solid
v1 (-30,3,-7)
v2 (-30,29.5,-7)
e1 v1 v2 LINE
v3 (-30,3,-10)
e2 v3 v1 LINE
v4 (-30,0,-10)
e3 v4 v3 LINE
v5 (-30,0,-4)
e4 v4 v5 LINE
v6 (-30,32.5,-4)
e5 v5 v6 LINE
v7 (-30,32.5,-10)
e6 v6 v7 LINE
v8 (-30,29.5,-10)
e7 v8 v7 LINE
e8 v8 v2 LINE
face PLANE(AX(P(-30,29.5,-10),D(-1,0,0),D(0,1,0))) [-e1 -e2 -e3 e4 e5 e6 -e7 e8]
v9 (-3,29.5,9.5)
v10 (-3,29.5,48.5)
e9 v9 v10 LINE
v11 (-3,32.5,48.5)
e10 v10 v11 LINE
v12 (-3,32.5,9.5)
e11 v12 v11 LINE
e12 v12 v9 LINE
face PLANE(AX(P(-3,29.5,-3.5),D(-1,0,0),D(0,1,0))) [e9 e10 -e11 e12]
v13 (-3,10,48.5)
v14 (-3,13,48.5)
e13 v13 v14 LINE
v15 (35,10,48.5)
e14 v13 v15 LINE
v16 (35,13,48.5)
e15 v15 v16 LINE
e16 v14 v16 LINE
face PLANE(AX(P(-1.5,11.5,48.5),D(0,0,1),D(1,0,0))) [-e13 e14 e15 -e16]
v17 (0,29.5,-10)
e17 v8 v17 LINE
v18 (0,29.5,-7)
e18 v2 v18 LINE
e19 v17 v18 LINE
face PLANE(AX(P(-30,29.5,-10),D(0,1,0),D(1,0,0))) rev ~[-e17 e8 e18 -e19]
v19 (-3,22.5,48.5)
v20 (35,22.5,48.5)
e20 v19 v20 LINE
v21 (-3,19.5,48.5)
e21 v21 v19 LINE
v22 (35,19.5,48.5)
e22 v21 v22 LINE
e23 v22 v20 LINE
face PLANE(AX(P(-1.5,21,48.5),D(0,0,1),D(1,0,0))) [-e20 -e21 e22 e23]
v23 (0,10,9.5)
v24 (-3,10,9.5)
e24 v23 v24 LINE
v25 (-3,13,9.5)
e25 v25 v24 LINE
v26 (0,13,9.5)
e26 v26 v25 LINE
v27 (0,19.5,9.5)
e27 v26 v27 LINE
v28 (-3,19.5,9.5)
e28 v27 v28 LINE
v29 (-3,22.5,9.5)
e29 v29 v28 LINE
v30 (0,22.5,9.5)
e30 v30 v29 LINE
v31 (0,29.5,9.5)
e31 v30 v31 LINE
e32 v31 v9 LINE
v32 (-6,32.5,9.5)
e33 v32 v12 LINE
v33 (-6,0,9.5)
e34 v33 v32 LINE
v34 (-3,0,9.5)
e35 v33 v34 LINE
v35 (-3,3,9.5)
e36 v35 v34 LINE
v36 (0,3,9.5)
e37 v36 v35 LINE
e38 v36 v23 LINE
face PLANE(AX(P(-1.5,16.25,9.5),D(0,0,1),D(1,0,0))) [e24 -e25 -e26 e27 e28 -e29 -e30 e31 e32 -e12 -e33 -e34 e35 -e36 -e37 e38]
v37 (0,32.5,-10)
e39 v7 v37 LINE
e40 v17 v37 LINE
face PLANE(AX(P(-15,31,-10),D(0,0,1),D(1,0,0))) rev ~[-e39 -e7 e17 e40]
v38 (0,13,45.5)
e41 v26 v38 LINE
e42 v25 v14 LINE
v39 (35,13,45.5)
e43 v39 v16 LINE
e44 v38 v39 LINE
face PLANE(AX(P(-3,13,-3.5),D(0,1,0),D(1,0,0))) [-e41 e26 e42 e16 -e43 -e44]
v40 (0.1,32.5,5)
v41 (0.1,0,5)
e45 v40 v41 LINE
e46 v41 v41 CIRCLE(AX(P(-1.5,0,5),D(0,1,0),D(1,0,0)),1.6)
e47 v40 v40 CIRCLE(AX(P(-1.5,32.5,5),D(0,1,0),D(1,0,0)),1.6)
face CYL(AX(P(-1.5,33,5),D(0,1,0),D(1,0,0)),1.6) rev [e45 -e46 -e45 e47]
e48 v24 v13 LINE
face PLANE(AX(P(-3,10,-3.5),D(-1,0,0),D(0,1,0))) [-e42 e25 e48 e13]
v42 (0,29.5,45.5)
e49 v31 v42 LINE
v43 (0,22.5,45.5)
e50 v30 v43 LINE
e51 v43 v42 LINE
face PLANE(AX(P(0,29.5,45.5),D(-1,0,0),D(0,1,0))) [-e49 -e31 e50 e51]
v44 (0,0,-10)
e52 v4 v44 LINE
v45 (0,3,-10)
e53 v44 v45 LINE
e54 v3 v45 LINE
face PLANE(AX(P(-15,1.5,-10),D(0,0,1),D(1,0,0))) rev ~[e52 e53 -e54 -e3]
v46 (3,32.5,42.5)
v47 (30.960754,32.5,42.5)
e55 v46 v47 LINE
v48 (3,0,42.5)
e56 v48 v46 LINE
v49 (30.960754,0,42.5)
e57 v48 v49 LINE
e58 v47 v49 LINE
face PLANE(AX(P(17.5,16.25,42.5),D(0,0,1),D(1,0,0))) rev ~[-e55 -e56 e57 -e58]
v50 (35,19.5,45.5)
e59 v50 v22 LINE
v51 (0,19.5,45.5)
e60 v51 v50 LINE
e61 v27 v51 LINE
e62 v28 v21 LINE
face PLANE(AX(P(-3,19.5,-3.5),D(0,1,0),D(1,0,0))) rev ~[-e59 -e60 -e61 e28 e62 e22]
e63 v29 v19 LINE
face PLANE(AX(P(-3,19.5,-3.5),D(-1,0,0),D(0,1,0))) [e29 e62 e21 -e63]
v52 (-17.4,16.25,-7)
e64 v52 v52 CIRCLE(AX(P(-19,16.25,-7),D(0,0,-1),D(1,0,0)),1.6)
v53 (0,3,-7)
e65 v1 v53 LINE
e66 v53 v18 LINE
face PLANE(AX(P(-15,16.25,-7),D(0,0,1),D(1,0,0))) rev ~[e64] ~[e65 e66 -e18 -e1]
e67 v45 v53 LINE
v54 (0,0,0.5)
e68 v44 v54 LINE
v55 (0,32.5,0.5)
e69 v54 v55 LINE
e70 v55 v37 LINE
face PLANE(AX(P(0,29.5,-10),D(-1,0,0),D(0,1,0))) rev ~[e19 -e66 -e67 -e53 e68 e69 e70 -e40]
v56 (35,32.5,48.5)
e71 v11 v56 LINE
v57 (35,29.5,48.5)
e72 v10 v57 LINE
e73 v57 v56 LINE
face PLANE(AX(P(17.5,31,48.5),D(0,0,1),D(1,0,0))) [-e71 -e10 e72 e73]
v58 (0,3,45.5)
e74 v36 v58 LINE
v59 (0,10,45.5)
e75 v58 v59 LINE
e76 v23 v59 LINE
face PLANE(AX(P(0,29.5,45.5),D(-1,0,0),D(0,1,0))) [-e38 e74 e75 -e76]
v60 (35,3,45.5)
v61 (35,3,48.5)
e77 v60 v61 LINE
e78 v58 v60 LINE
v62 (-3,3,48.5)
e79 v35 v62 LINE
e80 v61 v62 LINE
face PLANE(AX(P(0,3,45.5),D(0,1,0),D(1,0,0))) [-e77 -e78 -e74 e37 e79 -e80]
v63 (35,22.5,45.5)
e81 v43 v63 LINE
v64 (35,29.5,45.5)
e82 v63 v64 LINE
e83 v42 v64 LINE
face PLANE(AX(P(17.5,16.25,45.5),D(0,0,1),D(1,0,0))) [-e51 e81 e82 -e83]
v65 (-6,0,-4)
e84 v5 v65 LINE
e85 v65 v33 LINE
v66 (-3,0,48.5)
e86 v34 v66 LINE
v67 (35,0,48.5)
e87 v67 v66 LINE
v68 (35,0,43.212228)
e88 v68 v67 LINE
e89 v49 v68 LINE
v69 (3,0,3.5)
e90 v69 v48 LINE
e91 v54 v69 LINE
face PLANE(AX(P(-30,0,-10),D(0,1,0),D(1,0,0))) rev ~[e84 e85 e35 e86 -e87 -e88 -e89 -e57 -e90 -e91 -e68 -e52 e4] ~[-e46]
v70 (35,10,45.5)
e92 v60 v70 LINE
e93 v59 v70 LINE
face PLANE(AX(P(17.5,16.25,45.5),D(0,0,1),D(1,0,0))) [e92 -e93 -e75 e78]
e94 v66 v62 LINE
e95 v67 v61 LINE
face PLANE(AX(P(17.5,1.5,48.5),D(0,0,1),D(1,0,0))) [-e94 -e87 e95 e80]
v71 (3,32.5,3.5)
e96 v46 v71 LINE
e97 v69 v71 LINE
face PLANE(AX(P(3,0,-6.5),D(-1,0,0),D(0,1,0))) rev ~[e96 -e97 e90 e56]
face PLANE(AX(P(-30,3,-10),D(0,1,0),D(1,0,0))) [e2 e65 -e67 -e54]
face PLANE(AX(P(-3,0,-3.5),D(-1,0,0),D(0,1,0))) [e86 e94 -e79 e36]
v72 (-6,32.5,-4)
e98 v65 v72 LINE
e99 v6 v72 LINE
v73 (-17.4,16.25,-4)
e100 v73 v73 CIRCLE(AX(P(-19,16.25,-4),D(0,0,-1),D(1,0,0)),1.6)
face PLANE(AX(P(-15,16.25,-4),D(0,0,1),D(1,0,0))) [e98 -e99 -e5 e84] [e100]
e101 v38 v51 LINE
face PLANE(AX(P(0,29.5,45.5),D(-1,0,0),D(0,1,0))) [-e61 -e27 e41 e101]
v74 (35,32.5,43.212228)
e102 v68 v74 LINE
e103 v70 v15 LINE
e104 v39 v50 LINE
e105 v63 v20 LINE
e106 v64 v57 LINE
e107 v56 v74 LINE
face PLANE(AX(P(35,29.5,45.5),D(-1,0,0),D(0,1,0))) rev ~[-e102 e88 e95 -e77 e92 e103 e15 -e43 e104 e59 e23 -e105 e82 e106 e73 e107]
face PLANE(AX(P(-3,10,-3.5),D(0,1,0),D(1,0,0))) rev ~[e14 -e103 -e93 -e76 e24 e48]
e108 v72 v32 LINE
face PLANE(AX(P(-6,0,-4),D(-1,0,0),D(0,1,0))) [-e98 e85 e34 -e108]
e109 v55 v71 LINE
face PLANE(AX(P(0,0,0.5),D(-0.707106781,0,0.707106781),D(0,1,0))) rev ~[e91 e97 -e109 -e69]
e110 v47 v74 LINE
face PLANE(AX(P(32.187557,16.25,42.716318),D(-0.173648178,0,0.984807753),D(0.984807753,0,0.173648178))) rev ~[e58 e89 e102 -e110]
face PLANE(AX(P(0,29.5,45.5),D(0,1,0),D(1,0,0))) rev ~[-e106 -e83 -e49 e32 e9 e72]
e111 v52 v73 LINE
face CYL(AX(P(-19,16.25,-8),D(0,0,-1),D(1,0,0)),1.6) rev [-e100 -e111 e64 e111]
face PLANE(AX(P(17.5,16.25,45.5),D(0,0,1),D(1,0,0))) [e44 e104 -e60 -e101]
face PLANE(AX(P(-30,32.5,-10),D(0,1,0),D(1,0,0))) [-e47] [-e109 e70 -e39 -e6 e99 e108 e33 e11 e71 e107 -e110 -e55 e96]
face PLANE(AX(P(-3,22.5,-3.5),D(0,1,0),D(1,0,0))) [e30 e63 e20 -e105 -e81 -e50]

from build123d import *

# Parameters (mm, degrees)
BOX017_W               = 5
BOX017_H               = 32.5
BOX017_DEPTH           = 5
BOX017_PITCH_ANGLE     = 45
BOX016_W               = 3
BOX016_H               = 32.5
BOX016_DEPTH           = 15
CYLINDER001_R          = 1.6
CYLINDER001_DEPTH      = 35
CYLINDER001_ROLL_ANGLE = 90
CYLINDER_R             = 1.6
CYLINDER_DEPTH         = 10
BOX006_W               = 10
BOX006_H               = 32.5
BOX006_DEPTH           = 10
BOX006_PITCH_ANGLE     = -10
BOX001_W               = 35
BOX001_H               = 32.5
BOX001_DEPTH           = 3
BOX002_W               = 35
BOX002_H               = 3
BOX002_DEPTH           = 3
BOX003_W               = 35
BOX003_H               = 3
BOX003_DEPTH           = 3
BOX004_W               = 35
BOX004_H               = 3
BOX004_DEPTH           = 3
BOX005_W               = 35
BOX005_H               = 3
BOX005_DEPTH           = 3
BOX007_W               = 9
BOX007_H               = 32.5
BOX007_DEPTH           = 13.5
BOX008_W               = 3
BOX008_H               = 3
BOX008_DEPTH           = 52
BOX009_W               = 3
BOX009_H               = 3
BOX009_DEPTH           = 52
BOX010_W               = 3
BOX010_H               = 3
BOX010_DEPTH           = 52
BOX011_W               = 3
BOX011_H               = 3
BOX011_DEPTH           = 52
BOX012_W               = 3
BOX012_H               = 32.5
BOX012_DEPTH           = 6.5
BOX013_W               = 30
BOX013_H               = 32.5
BOX013_DEPTH           = 3
BOX014_W               = 30
BOX014_H               = 3
BOX014_DEPTH           = 3
BOX015_W               = 30
BOX015_H               = 3
BOX015_DEPTH           = 3
BOX_W                  = 3
BOX_H                  = 32.5
BOX_DEPTH              = 42.5


with BuildPart() as cube017:
    # Box017 → Box017 (new body)
    with BuildSketch(Plane.XY):
        with Locations((2.5, 16.25)):
            Rectangle(BOX017_W, BOX017_H)
    extrude(amount=BOX017_DEPTH)


with BuildPart() as cube017_1:
    # Box017 pitch: moved
    add(cube017.part.rotate(Axis((0, 0, 0), (0, 1, 0)), BOX017_PITCH_ANGLE))


with BuildPart() as cube017_2:
    # Box017 placement: moved
    add(cube017_1.part.moved(Location((0, 0, 0.5))))


with BuildPart() as cube016:
    # Box016 → Box016 (new body)
    with BuildSketch(Plane.XY.offset(-14.5)):
        with Locations((1.5, 16.25)):
            Rectangle(BOX016_W, BOX016_H)
    extrude(amount=BOX016_DEPTH)


with BuildPart() as cylinder001:
    # Cylinder001 → Cylinder001 (new body)
    with BuildSketch(Plane.XY):
        Circle(CYLINDER001_R)
    extrude(amount=CYLINDER001_DEPTH)


with BuildPart() as cylinder001_1:
    # Cylinder001 roll: moved
    add(cylinder001.part.rotate(Axis((0, 0, 0), (1, 0, 0)), CYLINDER001_ROLL_ANGLE))


with BuildPart() as cylinder001_2:
    # Cylinder001 placement: moved
    add(cylinder001_1.part.moved(Location((-1.5, 33, 5))))


with BuildPart() as cylinder:
    # Cylinder → Cylinder (new body)
    with BuildSketch(Plane(origin=(-19, 16.25, -8), x_dir=(1, 0, 0), z_dir=(0, 0, 1))):
        Circle(CYLINDER_R)
    extrude(amount=CYLINDER_DEPTH)


with BuildPart() as cube006:
    # Box006 → Box006 (new body)
    with BuildSketch(Plane.XY):
        with Locations((5, 16.25)):
            Rectangle(BOX006_W, BOX006_H)
    extrude(amount=BOX006_DEPTH)


with BuildPart() as cube006_1:
    # Box006 pitch: moved
    add(cube006.part.rotate(Axis((0, 0, 0), (0, 1, 0)), BOX006_PITCH_ANGLE))


with BuildPart() as cube006_2:
    # Box006 placement: moved
    add(cube006_1.part.moved(Location((29, 0, 32))))


with BuildPart() as cube001:
    # Box001 → Box001 (new body)
    with BuildSketch(Plane.XY.offset(42.5)):
        with Locations((17.5, 16.25)):
            Rectangle(BOX001_W, BOX001_H)
    extrude(amount=BOX001_DEPTH)


with BuildPart() as cube002:
    # Box002 → Box002 (new body)
    with BuildSketch(Plane.XY.offset(45.5)):
        with Locations((17.5, 1.5)):
            Rectangle(BOX002_W, BOX002_H)
    extrude(amount=BOX002_DEPTH)


with BuildPart() as cube003:
    # Box003 → Box003 (new body)
    with BuildSketch(Plane(origin=(0, 29.5, 45.5), x_dir=(1, 0, 0), z_dir=(0, 0, 1))):
        with Locations((17.5, 1.5)):
            Rectangle(BOX003_W, BOX003_H)
    extrude(amount=BOX003_DEPTH)


with BuildPart() as cube004:
    # Box004 → Box004 (new body)
    with BuildSketch(Plane(origin=(0, 10, 45.5), x_dir=(1, 0, 0), z_dir=(0, 0, 1))):
        with Locations((17.5, 1.5)):
            Rectangle(BOX004_W, BOX004_H)
    extrude(amount=BOX004_DEPTH)


with BuildPart() as cube005:
    # Box005 → Box005 (new body)
    with BuildSketch(Plane(origin=(0, 19.5, 45.5), x_dir=(1, 0, 0), z_dir=(0, 0, 1))):
        with Locations((17.5, 1.5)):
            Rectangle(BOX005_W, BOX005_H)
    extrude(amount=BOX005_DEPTH)


with BuildPart() as cube007:
    # Box007 → Box007 (new body)
    with BuildSketch(Plane(origin=(-6, 0, -4), x_dir=(1, 0, 0), z_dir=(0, 0, 1))):
        with Locations((4.5, 16.25)):
            Rectangle(BOX007_W, BOX007_H)
    extrude(amount=BOX007_DEPTH)


with BuildPart() as cube008:
    # Box008 → Box008 (new body)
    with BuildSketch(Plane(origin=(-3, 0, -3.5), x_dir=(1, 0, 0), z_dir=(0, 0, 1))):
        with Locations((1.5, 1.5)):
            Rectangle(BOX008_W, BOX008_H)
    extrude(amount=BOX008_DEPTH)


with BuildPart() as cube009:
    # Box009 → Box009 (new body)
    with BuildSketch(Plane(origin=(-3, 29.5, -3.5), x_dir=(1, 0, 0), z_dir=(0, 0, 1))):
        with Locations((1.5, 1.5)):
            Rectangle(BOX009_W, BOX009_H)
    extrude(amount=BOX009_DEPTH)


with BuildPart() as cube010:
    # Box010 → Box010 (new body)
    with BuildSketch(Plane(origin=(-3, 19.5, -3.5), x_dir=(1, 0, 0), z_dir=(0, 0, 1))):
        with Locations((1.5, 1.5)):
            Rectangle(BOX010_W, BOX010_H)
    extrude(amount=BOX010_DEPTH)


with BuildPart() as cube011:
    # Box011 → Box011 (new body)
    with BuildSketch(Plane(origin=(-3, 10, -3.5), x_dir=(1, 0, 0), z_dir=(0, 0, 1))):
        with Locations((1.5, 1.5)):
            Rectangle(BOX011_W, BOX011_H)
    extrude(amount=BOX011_DEPTH)


with BuildPart() as cube012:
    # Box012 → Box012 (new body)
    with BuildSketch(Plane.XY.offset(-6.5)):
        with Locations((1.5, 16.25)):
            Rectangle(BOX012_W, BOX012_H)
    extrude(amount=BOX012_DEPTH)


with BuildPart() as cube013:
    # Box013 → Box013 (new body)
    with BuildSketch(Plane(origin=(-30, 0, -7), x_dir=(1, 0, 0), z_dir=(0, 0, 1))):
        with Locations((15, 16.25)):
            Rectangle(BOX013_W, BOX013_H)
    extrude(amount=BOX013_DEPTH)


with BuildPart() as cube014:
    # Box014 → Box014 (new body)
    with BuildSketch(Plane(origin=(-30, 0, -10), x_dir=(1, 0, 0), z_dir=(0, 0, 1))):
        with Locations((15, 1.5)):
            Rectangle(BOX014_W, BOX014_H)
    extrude(amount=BOX014_DEPTH)


with BuildPart() as cube015:
    # Box015 → Box015 (new body)
    with BuildSketch(Plane(origin=(-30, 29.5, -10), x_dir=(1, 0, 0), z_dir=(0, 0, 1))):
        with Locations((15, 1.5)):
            Rectangle(BOX015_W, BOX015_H)
    extrude(amount=BOX015_DEPTH)


with BuildPart() as cut004:
    # Box → Box (new body)
    with BuildSketch(Plane.XY):
        with Locations((1.5, 16.25)):
            Rectangle(BOX_W, BOX_H)
    extrude(amount=BOX_DEPTH)

    # Fusion: union Cube001, Cube002, Cube003, Cube004, Cube005, Cube007, Cube008, Cube009, Cube010, Cube011, Cube012, Cube013, Cube014, Cube015
    add(cube001.part)
    add(cube002.part)
    add(cube003.part)
    add(cube004.part)
    add(cube005.part)
    add(cube007.part)
    add(cube008.part)
    add(cube009.part)
    add(cube010.part)
    add(cube011.part)
    add(cube012.part)
    add(cube013.part)
    add(cube014.part)
    add(cube015.part)

    # Cut: cut Cube006
    add(cube006_2.part, mode=Mode.SUBTRACT)

    # Cut001: cut Cylinder
    add(cylinder.part, mode=Mode.SUBTRACT)

    # Cut002: cut Cylinder001
    add(cylinder001_2.part, mode=Mode.SUBTRACT)

    # Cut003: cut Cube016
    add(cube016.part, mode=Mode.SUBTRACT)

    # Cut004: cut Cube017
    add(cube017_2.part, mode=Mode.SUBTRACT)


solid = cut004.part
